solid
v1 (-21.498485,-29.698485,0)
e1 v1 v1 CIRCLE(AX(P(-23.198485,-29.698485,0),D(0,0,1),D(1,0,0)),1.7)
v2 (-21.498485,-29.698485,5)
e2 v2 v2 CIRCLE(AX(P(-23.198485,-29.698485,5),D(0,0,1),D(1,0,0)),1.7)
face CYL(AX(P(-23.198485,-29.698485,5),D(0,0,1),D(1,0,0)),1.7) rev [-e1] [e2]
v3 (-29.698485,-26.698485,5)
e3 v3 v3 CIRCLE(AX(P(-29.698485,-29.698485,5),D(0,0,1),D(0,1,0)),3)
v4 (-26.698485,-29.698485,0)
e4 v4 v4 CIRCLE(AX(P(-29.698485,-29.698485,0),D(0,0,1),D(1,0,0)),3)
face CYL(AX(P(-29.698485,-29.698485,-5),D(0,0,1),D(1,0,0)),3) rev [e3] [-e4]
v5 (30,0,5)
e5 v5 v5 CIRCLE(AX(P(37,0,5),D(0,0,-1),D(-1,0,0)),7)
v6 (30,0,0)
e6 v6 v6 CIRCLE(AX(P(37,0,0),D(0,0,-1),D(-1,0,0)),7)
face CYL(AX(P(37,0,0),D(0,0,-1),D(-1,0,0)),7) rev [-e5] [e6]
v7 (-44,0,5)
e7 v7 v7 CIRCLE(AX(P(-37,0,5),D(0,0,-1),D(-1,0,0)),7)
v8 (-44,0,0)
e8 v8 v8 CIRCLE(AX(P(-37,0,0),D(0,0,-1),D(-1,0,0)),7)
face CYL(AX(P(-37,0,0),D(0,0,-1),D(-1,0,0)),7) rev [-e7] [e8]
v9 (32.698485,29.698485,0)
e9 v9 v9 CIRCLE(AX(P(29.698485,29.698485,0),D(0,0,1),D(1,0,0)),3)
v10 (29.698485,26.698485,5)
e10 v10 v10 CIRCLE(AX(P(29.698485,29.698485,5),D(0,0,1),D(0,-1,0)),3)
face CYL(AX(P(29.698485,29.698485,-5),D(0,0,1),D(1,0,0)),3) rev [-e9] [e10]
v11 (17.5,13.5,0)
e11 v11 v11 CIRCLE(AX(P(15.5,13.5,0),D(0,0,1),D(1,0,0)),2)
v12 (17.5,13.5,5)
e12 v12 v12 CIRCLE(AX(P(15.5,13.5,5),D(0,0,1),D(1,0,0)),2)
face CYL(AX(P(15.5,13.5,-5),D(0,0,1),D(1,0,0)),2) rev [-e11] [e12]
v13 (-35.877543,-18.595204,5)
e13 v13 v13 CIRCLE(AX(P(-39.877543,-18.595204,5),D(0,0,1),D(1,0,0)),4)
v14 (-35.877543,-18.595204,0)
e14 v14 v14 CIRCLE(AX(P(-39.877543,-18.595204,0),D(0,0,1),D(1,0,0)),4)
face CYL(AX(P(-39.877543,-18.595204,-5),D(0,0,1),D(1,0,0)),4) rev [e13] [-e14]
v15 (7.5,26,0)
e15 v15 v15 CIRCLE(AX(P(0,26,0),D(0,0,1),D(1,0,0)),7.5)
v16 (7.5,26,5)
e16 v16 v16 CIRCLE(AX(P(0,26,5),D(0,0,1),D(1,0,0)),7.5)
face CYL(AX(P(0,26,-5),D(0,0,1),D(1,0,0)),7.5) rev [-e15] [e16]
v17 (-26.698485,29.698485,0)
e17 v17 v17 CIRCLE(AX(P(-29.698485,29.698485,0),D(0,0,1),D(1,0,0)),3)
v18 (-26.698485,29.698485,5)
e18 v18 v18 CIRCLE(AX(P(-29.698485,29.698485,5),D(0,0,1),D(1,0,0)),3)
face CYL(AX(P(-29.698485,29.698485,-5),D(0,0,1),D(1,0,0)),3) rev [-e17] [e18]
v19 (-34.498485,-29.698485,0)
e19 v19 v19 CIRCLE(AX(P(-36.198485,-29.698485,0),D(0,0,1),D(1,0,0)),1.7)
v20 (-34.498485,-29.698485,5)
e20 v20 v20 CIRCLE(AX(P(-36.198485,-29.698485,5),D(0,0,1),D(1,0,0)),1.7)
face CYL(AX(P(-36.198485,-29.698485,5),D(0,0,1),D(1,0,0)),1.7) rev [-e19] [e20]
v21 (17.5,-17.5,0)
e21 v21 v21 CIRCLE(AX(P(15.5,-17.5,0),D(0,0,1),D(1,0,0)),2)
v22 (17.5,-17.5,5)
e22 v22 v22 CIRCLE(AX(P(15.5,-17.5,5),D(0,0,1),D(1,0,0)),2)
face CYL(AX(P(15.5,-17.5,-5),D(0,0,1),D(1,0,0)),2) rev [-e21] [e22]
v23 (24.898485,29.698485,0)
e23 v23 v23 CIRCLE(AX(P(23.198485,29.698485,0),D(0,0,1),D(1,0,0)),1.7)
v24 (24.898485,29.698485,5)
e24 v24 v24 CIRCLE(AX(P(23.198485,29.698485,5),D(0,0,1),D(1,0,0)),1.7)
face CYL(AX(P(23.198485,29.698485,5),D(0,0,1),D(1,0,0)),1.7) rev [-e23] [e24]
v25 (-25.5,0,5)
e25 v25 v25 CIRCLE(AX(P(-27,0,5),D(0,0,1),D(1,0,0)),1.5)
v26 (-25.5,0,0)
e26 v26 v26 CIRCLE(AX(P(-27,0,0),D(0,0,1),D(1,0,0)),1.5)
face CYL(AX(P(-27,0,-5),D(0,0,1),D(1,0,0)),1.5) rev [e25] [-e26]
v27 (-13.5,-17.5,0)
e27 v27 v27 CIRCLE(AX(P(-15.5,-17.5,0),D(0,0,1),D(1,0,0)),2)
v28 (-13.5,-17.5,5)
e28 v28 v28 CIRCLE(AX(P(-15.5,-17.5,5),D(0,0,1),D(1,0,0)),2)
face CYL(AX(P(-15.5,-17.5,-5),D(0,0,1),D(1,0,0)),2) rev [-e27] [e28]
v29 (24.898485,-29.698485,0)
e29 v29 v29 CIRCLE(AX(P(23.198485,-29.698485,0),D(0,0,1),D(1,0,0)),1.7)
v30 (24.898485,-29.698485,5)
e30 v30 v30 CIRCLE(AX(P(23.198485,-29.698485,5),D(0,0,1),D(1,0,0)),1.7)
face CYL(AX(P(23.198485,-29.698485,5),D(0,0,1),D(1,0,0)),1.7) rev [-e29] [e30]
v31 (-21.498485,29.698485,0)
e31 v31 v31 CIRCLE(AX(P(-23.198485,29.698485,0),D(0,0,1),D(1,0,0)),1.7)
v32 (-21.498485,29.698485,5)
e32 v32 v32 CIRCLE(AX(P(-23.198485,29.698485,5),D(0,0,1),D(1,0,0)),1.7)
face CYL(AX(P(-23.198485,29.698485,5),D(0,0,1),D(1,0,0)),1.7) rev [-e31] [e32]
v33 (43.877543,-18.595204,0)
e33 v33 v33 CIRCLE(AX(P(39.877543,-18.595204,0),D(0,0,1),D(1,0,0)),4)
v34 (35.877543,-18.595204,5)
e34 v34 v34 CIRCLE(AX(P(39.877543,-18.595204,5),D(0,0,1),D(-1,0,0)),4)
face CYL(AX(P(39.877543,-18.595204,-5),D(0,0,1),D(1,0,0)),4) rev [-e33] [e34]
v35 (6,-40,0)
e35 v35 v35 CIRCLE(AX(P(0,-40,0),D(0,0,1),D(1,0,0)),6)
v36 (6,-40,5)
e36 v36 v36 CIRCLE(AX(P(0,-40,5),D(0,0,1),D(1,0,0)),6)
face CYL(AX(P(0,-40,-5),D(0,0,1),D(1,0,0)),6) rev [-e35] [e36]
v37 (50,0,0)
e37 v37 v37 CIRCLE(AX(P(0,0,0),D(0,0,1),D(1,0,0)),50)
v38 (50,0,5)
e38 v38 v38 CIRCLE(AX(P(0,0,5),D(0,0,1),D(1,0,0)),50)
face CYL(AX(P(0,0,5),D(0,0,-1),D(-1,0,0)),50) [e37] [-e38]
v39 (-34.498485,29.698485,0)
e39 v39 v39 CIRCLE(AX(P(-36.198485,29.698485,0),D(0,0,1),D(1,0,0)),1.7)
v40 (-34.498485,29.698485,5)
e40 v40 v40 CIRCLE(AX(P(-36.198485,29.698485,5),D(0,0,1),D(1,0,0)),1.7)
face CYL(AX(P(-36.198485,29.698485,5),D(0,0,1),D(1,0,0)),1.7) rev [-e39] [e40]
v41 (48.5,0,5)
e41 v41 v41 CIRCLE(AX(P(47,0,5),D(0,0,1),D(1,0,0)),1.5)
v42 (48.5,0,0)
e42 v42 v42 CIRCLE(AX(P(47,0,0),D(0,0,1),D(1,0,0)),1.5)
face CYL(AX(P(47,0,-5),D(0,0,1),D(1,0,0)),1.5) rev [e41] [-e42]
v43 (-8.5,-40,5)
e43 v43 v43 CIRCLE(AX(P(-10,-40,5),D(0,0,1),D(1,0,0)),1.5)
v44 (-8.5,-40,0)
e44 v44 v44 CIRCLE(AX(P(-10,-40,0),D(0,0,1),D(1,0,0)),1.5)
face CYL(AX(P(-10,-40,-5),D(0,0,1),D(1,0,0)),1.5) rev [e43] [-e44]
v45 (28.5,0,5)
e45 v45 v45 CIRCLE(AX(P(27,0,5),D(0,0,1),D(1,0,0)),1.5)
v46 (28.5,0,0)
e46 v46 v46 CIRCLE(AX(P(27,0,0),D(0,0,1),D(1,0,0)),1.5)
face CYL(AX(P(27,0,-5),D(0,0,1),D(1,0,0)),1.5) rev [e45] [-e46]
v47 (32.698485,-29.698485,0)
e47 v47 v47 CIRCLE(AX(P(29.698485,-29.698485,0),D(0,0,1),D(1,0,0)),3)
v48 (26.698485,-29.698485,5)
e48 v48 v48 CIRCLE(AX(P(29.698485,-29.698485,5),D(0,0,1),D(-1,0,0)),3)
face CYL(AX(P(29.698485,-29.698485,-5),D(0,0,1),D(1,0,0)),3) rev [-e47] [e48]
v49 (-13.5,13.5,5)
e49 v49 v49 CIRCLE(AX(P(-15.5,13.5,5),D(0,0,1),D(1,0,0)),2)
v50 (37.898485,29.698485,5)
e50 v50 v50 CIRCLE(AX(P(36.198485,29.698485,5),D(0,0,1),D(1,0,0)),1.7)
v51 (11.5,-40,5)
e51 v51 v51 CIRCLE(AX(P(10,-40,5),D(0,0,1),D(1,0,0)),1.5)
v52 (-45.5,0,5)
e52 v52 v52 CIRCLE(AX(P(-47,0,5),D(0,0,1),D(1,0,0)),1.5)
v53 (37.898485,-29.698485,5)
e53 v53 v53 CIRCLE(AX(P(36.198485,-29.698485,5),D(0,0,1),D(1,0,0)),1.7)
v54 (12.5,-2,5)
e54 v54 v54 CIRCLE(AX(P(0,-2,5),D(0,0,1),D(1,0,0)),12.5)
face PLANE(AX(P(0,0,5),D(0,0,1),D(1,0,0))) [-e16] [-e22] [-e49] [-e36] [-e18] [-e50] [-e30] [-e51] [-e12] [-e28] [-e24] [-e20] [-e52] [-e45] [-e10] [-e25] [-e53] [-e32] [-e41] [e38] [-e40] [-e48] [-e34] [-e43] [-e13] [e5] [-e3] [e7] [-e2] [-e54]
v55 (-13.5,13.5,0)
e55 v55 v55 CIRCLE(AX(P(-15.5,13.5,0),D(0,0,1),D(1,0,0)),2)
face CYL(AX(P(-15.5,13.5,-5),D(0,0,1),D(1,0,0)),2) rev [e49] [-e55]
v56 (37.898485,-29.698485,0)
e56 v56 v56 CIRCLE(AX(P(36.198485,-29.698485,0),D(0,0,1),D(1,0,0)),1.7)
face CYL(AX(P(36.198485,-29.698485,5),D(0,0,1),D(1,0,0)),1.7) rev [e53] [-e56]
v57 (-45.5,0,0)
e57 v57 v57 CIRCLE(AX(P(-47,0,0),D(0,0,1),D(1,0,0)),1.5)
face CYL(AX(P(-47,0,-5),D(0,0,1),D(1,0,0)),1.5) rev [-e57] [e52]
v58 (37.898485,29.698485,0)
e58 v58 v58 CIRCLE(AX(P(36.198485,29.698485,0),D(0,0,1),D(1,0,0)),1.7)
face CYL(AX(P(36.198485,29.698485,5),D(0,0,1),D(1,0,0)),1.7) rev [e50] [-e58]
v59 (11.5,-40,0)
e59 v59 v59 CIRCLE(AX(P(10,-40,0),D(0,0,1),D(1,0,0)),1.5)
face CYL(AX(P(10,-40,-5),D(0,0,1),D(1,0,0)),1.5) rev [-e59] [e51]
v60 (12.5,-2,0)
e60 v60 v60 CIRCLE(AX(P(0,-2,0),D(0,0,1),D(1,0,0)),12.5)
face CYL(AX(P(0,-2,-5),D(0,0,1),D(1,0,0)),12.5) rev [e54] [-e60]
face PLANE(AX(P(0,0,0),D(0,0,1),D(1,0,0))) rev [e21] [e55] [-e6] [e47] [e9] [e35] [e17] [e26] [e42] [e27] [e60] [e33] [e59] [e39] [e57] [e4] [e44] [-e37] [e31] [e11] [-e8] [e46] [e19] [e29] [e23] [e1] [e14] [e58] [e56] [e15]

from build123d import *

# Parameters (mm, degrees)
SKETCH1_R                  = 50
BOSS_EXTRUDE1_DEPTH        = 5
F_14_0_14_DIAMETER_HOLE1_D = 14
SKETCH9_R                  = 7.5
CUT_EXTRUDE1_DEPTH         = 10
SKETCH10_R                 = 12.5
SKETCH10_R_2               = 2
CUT_EXTRUDE2_DEPTH         = 10
SKETCH11_R                 = 3
CUT_EXTRUDE3_DEPTH         = 10
CIRPATTERN1_COUNT          = 4
SKETCH12_R                 = 1.5
SKETCH12_R_2               = 6
CUT_EXTRUDE4_DEPTH         = 10
SKETCH13_R                 = 4
CUT_EXTRUDE5_DEPTH         = 10
M3_CLEARANCE_HOLE1_D       = 3.4
MIRROR2_COPY_1_D           = 3.4


with BuildPart() as part:
    # Sketch1 → Boss-Extrude1 (new body)
    with BuildSketch(Plane.XY):
        Circle(SKETCH1_R)
    extrude(amount=BOSS_EXTRUDE1_DEPTH)

    # Ø14.0 (14) Diameter Hole1 (through all)
    with Locations(Plane(origin=(0, 0, 0), x_dir=(-1, 0, 0), z_dir=(0, 0, -1))):
        with Locations((37, 0), (-37, 0)):
            Hole(F_14_0_14_DIAMETER_HOLE1_D / 2)

    # Sketch9 → Cut-Extrude1 (cut)
    with BuildSketch(Plane.XY.offset(5)):
        with Locations((0, 26)):
            Circle(SKETCH9_R)
    extrude(amount=-CUT_EXTRUDE1_DEPTH, mode=Mode.SUBTRACT)

    # Sketch10 → Cut-Extrude2 (cut)
    with BuildSketch(Plane.XY.offset(5)):
        with Locations((0, -2)):
            Circle(SKETCH10_R)
        with Locations((-15.5, 13.5)):
            Circle(SKETCH10_R_2)
        with Locations((15.5, 13.5)):
            Circle(SKETCH10_R_2)
        with Locations((15.5, -17.5)):
            Circle(SKETCH10_R_2)
        with Locations((-15.5, -17.5)):
            Circle(SKETCH10_R_2)
    extrude(amount=-CUT_EXTRUDE2_DEPTH, mode=Mode.SUBTRACT)

    # Sketch11 → Cut-Extrude3 (cut)
    with BuildSketch(Plane.XY.offset(5)):
        with Locations((-29.69848481, 29.69848481)):
            Circle(SKETCH11_R)
    cut_extrude3 = extrude(amount=-CUT_EXTRUDE3_DEPTH, mode=Mode.SUBTRACT)

    # CirPattern1: Cut-Extrude3 ×4 about axis
    cirpattern1_axis = Axis((0, 0, 0), (0, 0, 1))
    for i in range(1, CIRPATTERN1_COUNT):
        add(cut_extrude3.rotate(cirpattern1_axis, i * 360 / CIRPATTERN1_COUNT), mode=Mode.SUBTRACT)

    # Sketch12 → Cut-Extrude4 (cut)
    with BuildSketch(Plane.XY.offset(5)):
        with Locations((-47, 0)):
            Circle(SKETCH12_R)
        with Locations((-27, 0)):
            Circle(SKETCH12_R)
        with Locations((27, 0)):
            Circle(SKETCH12_R)
        with Locations((47, 0)):
            Circle(SKETCH12_R)
        with Locations((-10, -40)):
            Circle(SKETCH12_R)
        with Locations((10, -40)):
            Circle(SKETCH12_R)
        with Locations((0, -40)):
            Circle(SKETCH12_R_2)
    extrude(amount=-CUT_EXTRUDE4_DEPTH, mode=Mode.SUBTRACT)

    # Sketch13 → Cut-Extrude5 (cut)
    with BuildSketch(Plane.XY.offset(5)):
        with Locations((-39.87754263, -18.595203517)):
            Circle(SKETCH13_R)
        with Locations((39.87754263, -18.595203517)):
            Circle(SKETCH13_R)
    extrude(amount=-CUT_EXTRUDE5_DEPTH, mode=Mode.SUBTRACT)

    # M3 Clearance Hole1 (through all)
    with Locations(Plane.XY.offset(5)):
        with Locations((-36.19848481, -29.69848481), (-23.19848481, -29.69848481)):
            m3_clearance_hole1 = Hole(M3_CLEARANCE_HOLE1_D / 2)

    # Mirror1: M3 Clearance Hole1 across plane
    add(m3_clearance_hole1.mirror(Plane.ZX), mode=Mode.SUBTRACT)

    # Mirror2: M3 Clearance Hole1 across plane
    add(m3_clearance_hole1.mirror(Plane(origin=(0, 0, 0), x_dir=(0, 0, 1), z_dir=(1, 0, 0))), mode=Mode.SUBTRACT)

    # Mirror2 copy 1 (through all)
    with Locations(Plane(origin=(0, 0, 5), x_dir=(-1, 0, 0), z_dir=(0, 0, 1))):
        with Locations((-36.19848481, -29.69848481), (-23.19848481, -29.69848481)):
            Hole(MIRROR2_COPY_1_D / 2)


solid = part.part
